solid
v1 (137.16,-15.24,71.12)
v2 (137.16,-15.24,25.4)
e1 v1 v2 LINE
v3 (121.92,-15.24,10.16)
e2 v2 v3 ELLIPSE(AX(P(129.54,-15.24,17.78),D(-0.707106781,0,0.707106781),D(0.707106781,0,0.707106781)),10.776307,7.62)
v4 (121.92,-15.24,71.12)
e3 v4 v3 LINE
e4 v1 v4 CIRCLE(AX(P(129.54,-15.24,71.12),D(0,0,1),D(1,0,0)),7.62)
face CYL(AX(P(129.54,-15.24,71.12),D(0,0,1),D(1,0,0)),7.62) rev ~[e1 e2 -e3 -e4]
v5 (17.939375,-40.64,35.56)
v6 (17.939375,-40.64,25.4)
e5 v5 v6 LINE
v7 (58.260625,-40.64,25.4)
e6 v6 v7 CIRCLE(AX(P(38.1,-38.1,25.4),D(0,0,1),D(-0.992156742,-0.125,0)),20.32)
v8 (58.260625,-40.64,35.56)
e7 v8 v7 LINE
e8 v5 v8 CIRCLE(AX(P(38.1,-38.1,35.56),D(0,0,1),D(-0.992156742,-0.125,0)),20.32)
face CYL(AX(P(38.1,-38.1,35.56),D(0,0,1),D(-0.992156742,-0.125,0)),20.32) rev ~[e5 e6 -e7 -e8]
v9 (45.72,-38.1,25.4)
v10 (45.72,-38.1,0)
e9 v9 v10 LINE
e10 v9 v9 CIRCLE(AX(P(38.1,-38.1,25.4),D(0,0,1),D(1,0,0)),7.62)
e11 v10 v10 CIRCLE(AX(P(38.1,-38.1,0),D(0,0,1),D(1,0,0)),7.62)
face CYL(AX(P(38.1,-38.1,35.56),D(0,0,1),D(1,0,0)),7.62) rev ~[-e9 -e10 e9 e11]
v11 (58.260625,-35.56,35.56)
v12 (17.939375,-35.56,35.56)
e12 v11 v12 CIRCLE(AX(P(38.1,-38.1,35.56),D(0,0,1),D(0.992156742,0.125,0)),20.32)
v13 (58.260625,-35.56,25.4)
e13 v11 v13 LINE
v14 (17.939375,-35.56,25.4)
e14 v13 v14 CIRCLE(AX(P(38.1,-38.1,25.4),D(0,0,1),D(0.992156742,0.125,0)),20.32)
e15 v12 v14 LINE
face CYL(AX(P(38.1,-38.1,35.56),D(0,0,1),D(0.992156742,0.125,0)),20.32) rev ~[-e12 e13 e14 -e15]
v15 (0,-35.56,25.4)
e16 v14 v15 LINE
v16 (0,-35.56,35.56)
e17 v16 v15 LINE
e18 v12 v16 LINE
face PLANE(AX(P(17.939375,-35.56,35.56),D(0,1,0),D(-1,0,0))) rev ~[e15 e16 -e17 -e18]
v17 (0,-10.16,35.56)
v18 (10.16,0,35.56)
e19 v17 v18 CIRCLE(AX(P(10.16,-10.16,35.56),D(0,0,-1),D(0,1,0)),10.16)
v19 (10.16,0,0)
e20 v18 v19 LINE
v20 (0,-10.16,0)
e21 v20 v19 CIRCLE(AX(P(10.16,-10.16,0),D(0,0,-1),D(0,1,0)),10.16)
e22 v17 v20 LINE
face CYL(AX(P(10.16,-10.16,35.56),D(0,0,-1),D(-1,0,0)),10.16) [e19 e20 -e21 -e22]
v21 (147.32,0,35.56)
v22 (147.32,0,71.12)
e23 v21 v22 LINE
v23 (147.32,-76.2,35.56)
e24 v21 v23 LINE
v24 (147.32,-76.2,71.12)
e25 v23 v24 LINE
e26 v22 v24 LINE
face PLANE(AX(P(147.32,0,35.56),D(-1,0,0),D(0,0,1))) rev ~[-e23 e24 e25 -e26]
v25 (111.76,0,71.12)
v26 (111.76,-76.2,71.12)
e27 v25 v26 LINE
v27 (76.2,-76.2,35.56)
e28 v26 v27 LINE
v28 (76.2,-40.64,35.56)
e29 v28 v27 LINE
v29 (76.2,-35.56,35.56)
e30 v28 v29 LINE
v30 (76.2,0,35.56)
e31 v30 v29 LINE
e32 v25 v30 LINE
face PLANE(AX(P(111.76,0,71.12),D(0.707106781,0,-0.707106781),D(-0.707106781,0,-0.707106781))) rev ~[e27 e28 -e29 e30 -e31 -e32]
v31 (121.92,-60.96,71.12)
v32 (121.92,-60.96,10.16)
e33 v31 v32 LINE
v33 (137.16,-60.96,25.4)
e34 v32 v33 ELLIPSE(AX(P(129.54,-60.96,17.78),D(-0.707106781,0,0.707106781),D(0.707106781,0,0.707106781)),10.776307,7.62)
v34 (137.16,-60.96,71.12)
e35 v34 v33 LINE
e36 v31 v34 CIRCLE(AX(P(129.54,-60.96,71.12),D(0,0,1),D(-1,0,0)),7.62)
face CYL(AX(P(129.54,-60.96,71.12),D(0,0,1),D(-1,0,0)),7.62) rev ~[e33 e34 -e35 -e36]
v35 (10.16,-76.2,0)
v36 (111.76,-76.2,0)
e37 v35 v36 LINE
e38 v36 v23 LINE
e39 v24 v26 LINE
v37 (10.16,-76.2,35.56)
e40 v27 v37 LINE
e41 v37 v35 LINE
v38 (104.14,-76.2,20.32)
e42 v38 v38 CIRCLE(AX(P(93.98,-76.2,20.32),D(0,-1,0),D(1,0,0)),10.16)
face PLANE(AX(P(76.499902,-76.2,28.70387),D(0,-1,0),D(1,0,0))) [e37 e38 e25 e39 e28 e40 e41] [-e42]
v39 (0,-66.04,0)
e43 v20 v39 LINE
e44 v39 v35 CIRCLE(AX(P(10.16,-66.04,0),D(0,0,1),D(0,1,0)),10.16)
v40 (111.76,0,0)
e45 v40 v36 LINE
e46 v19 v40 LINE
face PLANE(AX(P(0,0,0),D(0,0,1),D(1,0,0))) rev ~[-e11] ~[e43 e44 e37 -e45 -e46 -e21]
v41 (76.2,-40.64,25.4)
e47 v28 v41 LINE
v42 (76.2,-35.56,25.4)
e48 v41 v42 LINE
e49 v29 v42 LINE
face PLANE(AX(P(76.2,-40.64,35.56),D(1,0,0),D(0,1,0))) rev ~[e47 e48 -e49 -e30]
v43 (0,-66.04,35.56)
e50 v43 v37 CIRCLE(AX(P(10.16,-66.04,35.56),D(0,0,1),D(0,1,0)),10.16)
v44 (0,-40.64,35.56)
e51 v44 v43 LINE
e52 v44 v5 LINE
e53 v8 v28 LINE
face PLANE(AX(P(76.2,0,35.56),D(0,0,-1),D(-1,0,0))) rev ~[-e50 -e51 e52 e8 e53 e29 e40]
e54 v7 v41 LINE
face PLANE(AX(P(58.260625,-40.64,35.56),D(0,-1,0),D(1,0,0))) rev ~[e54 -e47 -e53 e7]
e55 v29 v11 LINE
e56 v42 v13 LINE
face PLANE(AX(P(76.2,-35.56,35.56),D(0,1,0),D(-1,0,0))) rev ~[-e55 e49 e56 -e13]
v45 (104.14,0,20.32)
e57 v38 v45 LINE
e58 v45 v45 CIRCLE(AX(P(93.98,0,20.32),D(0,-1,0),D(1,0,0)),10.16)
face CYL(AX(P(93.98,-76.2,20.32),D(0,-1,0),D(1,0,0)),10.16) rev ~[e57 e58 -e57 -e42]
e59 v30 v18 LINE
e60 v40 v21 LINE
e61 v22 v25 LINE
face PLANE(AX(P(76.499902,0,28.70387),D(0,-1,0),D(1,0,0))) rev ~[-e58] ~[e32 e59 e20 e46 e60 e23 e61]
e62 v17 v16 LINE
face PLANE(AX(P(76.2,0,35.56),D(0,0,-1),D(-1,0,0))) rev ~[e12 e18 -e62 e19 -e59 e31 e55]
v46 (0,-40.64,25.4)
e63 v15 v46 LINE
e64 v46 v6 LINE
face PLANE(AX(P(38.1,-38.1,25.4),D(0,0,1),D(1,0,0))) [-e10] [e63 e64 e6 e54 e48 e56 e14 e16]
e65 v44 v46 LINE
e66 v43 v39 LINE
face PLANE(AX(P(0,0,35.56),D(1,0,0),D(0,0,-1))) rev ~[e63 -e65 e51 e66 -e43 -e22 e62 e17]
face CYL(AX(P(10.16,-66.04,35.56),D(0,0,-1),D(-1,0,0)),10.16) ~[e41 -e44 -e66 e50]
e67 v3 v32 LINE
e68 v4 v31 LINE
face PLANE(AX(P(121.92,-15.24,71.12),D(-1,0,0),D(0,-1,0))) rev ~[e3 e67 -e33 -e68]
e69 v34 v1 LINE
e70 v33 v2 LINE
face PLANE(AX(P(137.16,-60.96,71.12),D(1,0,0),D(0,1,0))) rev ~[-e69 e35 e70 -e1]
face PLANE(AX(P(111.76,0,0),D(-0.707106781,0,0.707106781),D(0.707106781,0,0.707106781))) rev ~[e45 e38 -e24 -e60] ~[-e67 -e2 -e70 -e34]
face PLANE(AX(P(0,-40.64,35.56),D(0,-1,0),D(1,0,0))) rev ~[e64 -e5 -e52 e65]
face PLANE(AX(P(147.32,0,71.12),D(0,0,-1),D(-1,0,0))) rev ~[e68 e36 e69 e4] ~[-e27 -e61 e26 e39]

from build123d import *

# Parameters (mm, degrees)
F1_DEPTH = 76.2
F2_R     = 10.16
F3_DEPTH = 76.201
F4_R     = 7.62
F5_DEPTH = 35.561
F7_DEPTH = 10.16
F9_DEPTH = 71.121
F10_R    = 10.16


with BuildPart() as f1:
    # F0 (on Front) → F1 (new body)
    with BuildSketch(Plane.XZ):
        Polygon((0, 35.56), (0, 0), (111.76, 0), (147.32, 35.56), (147.32, 71.12), (111.76, 71.12), (76.2, 35.56), align=None)
    extrude(amount=F1_DEPTH)

    # F2 (on face) → F3 (cut, through all)
    with BuildSketch(Plane.XZ.offset(76.2)):
        with Locations((93.98, 20.32)):
            Circle(F2_R)
    extrude(amount=-F3_DEPTH, mode=Mode.SUBTRACT)

    # F4 (on face) → F5 (cut, through all)
    with BuildSketch(Plane.XY.offset(35.56)):
        with Locations((38.1, -38.1)):
            Circle(F4_R)
    extrude(amount=-F5_DEPTH, mode=Mode.SUBTRACT)

    # F6 (on face) → F7 (cut)
    with BuildSketch(Plane.XY.offset(35.56)):
        with BuildLine():
            Line((0, -40.64), (17.939375, -40.64))
            ThreePointArc((17.939375, -40.64), (38.1, -58.42), (58.260625, -40.64))
            Line((58.260625, -40.64), (76.2, -40.64))
            Line((76.2, -40.64), (76.2, -35.56))
            Line((76.2, -35.56), (58.260625, -35.56))
            ThreePointArc((58.260625, -35.56), (38.1, -17.78), (17.939375, -35.56))
            Line((17.939375, -35.56), (0, -35.56))
            Line((0, -35.56), (0, -40.64))
        make_face()
    extrude(amount=-F7_DEPTH, mode=Mode.SUBTRACT)

    # F8 (on face) → F9 (cut, through all)
    with BuildSketch(Plane.XY.offset(71.12)):
        with BuildLine():
            ThreePointArc((137.16, -15.24), (129.54, -7.62), (121.92, -15.24))
            Line((121.92, -15.24), (121.92, -60.96))
            ThreePointArc((121.92, -60.96), (129.54, -68.58), (137.16, -60.96))
            Line((137.16, -60.96), (137.16, -15.24))
        make_face()
    extrude(amount=-F9_DEPTH, mode=Mode.SUBTRACT)

    # F10
    f10_edges = [f1.edges().sort_by_distance(p)[0] for p in [
        (0, -76.2, 17.78),
        (0, 0, 17.78),
    ]]
    fillet(f10_edges, radius=F10_R)


solid = f1.part
